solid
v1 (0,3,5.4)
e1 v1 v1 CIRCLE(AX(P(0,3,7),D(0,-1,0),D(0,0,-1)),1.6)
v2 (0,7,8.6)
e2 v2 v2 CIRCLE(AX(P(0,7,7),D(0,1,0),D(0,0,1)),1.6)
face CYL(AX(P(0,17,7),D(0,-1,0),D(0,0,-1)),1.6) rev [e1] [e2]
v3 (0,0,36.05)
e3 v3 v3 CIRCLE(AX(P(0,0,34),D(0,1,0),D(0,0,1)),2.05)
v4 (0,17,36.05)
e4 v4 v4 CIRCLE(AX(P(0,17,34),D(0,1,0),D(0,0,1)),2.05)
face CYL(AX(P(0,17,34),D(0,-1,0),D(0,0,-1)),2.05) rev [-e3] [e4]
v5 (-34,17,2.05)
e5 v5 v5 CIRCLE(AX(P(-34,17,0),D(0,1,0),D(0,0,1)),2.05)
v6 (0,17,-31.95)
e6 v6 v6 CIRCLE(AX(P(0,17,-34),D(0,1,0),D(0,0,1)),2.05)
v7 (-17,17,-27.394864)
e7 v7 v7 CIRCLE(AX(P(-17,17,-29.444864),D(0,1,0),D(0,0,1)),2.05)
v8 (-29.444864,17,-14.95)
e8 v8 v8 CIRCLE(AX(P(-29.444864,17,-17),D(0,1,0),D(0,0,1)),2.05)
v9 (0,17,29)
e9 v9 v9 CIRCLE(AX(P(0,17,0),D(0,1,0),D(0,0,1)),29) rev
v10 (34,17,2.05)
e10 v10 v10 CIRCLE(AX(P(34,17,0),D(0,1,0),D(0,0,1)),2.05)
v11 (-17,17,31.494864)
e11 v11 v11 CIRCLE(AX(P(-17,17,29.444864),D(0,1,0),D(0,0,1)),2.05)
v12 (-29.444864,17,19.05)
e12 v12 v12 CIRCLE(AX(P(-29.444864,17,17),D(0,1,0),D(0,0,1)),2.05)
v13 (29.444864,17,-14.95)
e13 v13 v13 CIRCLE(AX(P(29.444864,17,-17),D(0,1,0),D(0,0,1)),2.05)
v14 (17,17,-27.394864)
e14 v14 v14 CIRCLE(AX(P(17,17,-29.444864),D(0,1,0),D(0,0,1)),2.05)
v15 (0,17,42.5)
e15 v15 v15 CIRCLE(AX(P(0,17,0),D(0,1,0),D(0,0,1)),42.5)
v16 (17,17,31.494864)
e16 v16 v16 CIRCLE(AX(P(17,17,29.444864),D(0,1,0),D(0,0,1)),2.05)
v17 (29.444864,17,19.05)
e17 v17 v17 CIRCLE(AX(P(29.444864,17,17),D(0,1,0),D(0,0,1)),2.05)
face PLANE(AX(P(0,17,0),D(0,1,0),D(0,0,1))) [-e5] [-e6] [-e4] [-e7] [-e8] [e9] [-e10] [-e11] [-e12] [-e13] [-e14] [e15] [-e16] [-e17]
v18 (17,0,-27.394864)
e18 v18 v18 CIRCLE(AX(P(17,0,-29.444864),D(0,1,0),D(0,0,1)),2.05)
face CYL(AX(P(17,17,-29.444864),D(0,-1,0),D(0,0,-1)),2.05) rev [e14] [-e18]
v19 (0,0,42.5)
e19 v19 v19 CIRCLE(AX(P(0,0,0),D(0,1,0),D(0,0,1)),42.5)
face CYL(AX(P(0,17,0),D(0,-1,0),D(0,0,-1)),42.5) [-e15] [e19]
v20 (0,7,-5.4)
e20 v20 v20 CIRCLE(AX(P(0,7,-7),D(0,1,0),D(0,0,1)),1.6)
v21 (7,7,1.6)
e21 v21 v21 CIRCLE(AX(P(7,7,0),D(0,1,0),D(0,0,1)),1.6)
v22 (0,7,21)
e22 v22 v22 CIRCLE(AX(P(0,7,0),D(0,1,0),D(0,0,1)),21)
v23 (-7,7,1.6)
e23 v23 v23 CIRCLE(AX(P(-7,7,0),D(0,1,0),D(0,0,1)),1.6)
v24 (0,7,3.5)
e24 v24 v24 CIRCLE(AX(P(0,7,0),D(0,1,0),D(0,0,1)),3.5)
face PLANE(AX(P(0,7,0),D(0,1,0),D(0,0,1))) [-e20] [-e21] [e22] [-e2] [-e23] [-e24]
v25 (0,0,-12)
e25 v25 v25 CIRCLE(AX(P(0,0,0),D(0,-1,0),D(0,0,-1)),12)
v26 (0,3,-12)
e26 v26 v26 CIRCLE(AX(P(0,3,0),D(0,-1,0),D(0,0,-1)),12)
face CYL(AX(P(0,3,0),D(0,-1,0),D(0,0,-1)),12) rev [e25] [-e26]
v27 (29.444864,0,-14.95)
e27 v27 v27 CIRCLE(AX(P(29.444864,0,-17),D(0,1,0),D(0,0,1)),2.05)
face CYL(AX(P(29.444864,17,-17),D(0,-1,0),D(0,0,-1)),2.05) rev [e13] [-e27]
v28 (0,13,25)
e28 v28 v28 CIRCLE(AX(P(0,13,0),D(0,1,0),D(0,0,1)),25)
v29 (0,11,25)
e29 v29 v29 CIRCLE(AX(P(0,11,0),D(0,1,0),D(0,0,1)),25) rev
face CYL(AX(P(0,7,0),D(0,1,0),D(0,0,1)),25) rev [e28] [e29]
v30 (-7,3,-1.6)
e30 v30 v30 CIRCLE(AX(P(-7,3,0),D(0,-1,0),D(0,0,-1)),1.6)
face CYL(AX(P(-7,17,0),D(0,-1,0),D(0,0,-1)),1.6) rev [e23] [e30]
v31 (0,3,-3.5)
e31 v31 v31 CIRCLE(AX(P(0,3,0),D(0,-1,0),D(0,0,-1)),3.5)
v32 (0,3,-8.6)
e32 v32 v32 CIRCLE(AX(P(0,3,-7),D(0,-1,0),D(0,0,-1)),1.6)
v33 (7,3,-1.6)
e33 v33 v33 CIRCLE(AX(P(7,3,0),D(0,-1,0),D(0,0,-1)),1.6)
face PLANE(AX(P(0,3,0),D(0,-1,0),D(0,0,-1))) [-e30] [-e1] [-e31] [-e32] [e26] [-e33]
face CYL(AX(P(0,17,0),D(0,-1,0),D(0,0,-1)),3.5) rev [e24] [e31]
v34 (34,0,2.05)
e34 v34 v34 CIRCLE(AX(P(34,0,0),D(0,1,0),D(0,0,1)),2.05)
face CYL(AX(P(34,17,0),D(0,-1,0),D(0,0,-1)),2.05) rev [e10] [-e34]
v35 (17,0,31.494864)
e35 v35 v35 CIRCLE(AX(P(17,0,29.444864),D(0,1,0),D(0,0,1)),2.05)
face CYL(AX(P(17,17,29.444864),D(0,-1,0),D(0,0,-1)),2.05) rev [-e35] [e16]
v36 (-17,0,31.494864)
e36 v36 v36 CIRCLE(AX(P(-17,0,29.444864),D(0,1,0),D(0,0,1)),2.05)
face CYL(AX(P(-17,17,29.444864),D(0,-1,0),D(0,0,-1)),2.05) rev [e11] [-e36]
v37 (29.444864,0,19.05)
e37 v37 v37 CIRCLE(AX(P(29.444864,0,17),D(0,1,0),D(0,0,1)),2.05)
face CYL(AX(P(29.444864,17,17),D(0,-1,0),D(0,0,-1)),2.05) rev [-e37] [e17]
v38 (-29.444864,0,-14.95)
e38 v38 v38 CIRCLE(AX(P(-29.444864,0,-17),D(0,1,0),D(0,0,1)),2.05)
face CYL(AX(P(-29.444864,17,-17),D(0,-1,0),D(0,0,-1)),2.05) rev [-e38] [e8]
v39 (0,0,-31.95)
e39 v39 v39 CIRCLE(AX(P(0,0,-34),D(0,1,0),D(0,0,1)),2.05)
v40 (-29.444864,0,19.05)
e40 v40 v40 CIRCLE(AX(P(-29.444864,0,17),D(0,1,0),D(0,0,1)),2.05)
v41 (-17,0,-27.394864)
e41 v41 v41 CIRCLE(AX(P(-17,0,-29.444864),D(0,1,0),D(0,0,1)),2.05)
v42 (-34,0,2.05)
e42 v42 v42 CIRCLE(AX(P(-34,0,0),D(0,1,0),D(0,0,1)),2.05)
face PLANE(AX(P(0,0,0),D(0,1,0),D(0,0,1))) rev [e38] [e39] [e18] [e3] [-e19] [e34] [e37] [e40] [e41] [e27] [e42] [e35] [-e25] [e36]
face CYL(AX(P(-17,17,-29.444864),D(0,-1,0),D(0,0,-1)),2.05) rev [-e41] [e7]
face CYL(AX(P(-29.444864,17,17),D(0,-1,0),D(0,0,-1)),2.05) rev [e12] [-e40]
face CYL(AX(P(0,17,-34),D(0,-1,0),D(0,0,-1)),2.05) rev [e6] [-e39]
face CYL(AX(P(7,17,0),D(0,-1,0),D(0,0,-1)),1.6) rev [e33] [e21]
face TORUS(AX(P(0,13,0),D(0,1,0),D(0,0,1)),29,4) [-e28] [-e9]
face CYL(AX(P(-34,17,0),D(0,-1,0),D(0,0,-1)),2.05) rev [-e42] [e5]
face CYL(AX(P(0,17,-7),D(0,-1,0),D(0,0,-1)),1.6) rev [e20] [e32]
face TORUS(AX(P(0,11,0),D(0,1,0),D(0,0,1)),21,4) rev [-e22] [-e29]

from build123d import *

# Parameters (mm, degrees)
SKETCH_1_R          = 42.5
SKETCH_1_R_2        = 2.05
SKETCH_1_R_3        = 1.6
SKETCH_1_R_4        = 3.5
EXTRUDE_1_DEPTH     = 17
SKETCH_2_R          = 25
CUT_EXTRUDE_1_DEPTH = 10
FILLET_1_R          = 4
SKETCH_3_R          = 12
CUT_EXTRUDE_2_DEPTH = 3


with BuildPart() as part:
    # 草图1 → 凸台-拉伸1 (new body)
    with BuildSketch(Plane(origin=(0, 0, 0), x_dir=(1, 0, 0), z_dir=(0, 1, 0))):
        with Locations(Location((0, 0, 0), (0, 0, 270))):
            Circle(SKETCH_1_R)
        with Locations(Location((34, 0, 0), (0, 0, 270))):
            Circle(SKETCH_1_R_2, mode=Mode.SUBTRACT)
        with Locations(Location((29.444863729, -17, 0), (0, 0, 270))):
            Circle(SKETCH_1_R_2, mode=Mode.SUBTRACT)
        with Locations(Location((17, -29.444863729, 0), (0, 0, 270))):
            Circle(SKETCH_1_R_2, mode=Mode.SUBTRACT)
        with Locations(Location((0, -34, 0), (0, 0, 270))):
            Circle(SKETCH_1_R_2, mode=Mode.SUBTRACT)
        with Locations(Location((-17, -29.444863729, 0), (0, 0, 270))):
            Circle(SKETCH_1_R_2, mode=Mode.SUBTRACT)
        with Locations(Location((-29.444863729, -17, 0), (0, 0, 270))):
            Circle(SKETCH_1_R_2, mode=Mode.SUBTRACT)
        with Locations(Location((-34, 0, 0), (0, 0, 270))):
            Circle(SKETCH_1_R_2, mode=Mode.SUBTRACT)
        with Locations(Location((-29.444863729, 17, 0), (0, 0, 270))):
            Circle(SKETCH_1_R_2, mode=Mode.SUBTRACT)
        with Locations(Location((-17, 29.444863729, 0), (0, 0, 270))):
            Circle(SKETCH_1_R_2, mode=Mode.SUBTRACT)
        with Locations(Location((0, 34, 0), (0, 0, 270))):
            Circle(SKETCH_1_R_2, mode=Mode.SUBTRACT)
        with Locations(Location((17, 29.444863729, 0), (0, 0, 270))):
            Circle(SKETCH_1_R_2, mode=Mode.SUBTRACT)
        with Locations(Location((29.444863729, 17, 0), (0, 0, 270))):
            Circle(SKETCH_1_R_2, mode=Mode.SUBTRACT)
        with Locations(Location((7, 0, 0), (0, 0, 270))):
            Circle(SKETCH_1_R_3, mode=Mode.SUBTRACT)
        with Locations(Location((0, -7, 0), (0, 0, 270))):
            Circle(SKETCH_1_R_3, mode=Mode.SUBTRACT)
        with Locations(Location((-7, 0, 0), (0, 0, 270))):
            Circle(SKETCH_1_R_3, mode=Mode.SUBTRACT)
        with Locations(Location((0, 7, 0), (0, 0, 270))):
            Circle(SKETCH_1_R_3, mode=Mode.SUBTRACT)
        with Locations(Location((0, 0, 0), (0, 0, 270))):
            Circle(SKETCH_1_R_4, mode=Mode.SUBTRACT)
    extrude(amount=EXTRUDE_1_DEPTH)

    # 草图2 → 切除-拉伸1 (cut)
    with BuildSketch(Plane(origin=(0, 17, 0), x_dir=(1, 0, 0), z_dir=(0, 1, 0))):
        with Locations(Location((0, 0, 0), (0, 0, 270))):
            Circle(SKETCH_2_R)
    extrude(amount=-CUT_EXTRUDE_1_DEPTH, mode=Mode.SUBTRACT)

    # 圆角1
    fillet_1_edges = [part.edges().sort_by_distance(p)[0] for p in [
        (0, 7, -25),
        (0, 17, -25),
    ]]
    fillet(fillet_1_edges, radius=FILLET_1_R)

    # 草图3 → 切除-拉伸2 (cut)
    with BuildSketch(Plane.XZ):
        with Locations(Location((0, 0, 0), (0, 0, 270))):
            Circle(SKETCH_3_R)
    extrude(amount=-CUT_EXTRUDE_2_DEPTH, mode=Mode.SUBTRACT)


solid = part.part
